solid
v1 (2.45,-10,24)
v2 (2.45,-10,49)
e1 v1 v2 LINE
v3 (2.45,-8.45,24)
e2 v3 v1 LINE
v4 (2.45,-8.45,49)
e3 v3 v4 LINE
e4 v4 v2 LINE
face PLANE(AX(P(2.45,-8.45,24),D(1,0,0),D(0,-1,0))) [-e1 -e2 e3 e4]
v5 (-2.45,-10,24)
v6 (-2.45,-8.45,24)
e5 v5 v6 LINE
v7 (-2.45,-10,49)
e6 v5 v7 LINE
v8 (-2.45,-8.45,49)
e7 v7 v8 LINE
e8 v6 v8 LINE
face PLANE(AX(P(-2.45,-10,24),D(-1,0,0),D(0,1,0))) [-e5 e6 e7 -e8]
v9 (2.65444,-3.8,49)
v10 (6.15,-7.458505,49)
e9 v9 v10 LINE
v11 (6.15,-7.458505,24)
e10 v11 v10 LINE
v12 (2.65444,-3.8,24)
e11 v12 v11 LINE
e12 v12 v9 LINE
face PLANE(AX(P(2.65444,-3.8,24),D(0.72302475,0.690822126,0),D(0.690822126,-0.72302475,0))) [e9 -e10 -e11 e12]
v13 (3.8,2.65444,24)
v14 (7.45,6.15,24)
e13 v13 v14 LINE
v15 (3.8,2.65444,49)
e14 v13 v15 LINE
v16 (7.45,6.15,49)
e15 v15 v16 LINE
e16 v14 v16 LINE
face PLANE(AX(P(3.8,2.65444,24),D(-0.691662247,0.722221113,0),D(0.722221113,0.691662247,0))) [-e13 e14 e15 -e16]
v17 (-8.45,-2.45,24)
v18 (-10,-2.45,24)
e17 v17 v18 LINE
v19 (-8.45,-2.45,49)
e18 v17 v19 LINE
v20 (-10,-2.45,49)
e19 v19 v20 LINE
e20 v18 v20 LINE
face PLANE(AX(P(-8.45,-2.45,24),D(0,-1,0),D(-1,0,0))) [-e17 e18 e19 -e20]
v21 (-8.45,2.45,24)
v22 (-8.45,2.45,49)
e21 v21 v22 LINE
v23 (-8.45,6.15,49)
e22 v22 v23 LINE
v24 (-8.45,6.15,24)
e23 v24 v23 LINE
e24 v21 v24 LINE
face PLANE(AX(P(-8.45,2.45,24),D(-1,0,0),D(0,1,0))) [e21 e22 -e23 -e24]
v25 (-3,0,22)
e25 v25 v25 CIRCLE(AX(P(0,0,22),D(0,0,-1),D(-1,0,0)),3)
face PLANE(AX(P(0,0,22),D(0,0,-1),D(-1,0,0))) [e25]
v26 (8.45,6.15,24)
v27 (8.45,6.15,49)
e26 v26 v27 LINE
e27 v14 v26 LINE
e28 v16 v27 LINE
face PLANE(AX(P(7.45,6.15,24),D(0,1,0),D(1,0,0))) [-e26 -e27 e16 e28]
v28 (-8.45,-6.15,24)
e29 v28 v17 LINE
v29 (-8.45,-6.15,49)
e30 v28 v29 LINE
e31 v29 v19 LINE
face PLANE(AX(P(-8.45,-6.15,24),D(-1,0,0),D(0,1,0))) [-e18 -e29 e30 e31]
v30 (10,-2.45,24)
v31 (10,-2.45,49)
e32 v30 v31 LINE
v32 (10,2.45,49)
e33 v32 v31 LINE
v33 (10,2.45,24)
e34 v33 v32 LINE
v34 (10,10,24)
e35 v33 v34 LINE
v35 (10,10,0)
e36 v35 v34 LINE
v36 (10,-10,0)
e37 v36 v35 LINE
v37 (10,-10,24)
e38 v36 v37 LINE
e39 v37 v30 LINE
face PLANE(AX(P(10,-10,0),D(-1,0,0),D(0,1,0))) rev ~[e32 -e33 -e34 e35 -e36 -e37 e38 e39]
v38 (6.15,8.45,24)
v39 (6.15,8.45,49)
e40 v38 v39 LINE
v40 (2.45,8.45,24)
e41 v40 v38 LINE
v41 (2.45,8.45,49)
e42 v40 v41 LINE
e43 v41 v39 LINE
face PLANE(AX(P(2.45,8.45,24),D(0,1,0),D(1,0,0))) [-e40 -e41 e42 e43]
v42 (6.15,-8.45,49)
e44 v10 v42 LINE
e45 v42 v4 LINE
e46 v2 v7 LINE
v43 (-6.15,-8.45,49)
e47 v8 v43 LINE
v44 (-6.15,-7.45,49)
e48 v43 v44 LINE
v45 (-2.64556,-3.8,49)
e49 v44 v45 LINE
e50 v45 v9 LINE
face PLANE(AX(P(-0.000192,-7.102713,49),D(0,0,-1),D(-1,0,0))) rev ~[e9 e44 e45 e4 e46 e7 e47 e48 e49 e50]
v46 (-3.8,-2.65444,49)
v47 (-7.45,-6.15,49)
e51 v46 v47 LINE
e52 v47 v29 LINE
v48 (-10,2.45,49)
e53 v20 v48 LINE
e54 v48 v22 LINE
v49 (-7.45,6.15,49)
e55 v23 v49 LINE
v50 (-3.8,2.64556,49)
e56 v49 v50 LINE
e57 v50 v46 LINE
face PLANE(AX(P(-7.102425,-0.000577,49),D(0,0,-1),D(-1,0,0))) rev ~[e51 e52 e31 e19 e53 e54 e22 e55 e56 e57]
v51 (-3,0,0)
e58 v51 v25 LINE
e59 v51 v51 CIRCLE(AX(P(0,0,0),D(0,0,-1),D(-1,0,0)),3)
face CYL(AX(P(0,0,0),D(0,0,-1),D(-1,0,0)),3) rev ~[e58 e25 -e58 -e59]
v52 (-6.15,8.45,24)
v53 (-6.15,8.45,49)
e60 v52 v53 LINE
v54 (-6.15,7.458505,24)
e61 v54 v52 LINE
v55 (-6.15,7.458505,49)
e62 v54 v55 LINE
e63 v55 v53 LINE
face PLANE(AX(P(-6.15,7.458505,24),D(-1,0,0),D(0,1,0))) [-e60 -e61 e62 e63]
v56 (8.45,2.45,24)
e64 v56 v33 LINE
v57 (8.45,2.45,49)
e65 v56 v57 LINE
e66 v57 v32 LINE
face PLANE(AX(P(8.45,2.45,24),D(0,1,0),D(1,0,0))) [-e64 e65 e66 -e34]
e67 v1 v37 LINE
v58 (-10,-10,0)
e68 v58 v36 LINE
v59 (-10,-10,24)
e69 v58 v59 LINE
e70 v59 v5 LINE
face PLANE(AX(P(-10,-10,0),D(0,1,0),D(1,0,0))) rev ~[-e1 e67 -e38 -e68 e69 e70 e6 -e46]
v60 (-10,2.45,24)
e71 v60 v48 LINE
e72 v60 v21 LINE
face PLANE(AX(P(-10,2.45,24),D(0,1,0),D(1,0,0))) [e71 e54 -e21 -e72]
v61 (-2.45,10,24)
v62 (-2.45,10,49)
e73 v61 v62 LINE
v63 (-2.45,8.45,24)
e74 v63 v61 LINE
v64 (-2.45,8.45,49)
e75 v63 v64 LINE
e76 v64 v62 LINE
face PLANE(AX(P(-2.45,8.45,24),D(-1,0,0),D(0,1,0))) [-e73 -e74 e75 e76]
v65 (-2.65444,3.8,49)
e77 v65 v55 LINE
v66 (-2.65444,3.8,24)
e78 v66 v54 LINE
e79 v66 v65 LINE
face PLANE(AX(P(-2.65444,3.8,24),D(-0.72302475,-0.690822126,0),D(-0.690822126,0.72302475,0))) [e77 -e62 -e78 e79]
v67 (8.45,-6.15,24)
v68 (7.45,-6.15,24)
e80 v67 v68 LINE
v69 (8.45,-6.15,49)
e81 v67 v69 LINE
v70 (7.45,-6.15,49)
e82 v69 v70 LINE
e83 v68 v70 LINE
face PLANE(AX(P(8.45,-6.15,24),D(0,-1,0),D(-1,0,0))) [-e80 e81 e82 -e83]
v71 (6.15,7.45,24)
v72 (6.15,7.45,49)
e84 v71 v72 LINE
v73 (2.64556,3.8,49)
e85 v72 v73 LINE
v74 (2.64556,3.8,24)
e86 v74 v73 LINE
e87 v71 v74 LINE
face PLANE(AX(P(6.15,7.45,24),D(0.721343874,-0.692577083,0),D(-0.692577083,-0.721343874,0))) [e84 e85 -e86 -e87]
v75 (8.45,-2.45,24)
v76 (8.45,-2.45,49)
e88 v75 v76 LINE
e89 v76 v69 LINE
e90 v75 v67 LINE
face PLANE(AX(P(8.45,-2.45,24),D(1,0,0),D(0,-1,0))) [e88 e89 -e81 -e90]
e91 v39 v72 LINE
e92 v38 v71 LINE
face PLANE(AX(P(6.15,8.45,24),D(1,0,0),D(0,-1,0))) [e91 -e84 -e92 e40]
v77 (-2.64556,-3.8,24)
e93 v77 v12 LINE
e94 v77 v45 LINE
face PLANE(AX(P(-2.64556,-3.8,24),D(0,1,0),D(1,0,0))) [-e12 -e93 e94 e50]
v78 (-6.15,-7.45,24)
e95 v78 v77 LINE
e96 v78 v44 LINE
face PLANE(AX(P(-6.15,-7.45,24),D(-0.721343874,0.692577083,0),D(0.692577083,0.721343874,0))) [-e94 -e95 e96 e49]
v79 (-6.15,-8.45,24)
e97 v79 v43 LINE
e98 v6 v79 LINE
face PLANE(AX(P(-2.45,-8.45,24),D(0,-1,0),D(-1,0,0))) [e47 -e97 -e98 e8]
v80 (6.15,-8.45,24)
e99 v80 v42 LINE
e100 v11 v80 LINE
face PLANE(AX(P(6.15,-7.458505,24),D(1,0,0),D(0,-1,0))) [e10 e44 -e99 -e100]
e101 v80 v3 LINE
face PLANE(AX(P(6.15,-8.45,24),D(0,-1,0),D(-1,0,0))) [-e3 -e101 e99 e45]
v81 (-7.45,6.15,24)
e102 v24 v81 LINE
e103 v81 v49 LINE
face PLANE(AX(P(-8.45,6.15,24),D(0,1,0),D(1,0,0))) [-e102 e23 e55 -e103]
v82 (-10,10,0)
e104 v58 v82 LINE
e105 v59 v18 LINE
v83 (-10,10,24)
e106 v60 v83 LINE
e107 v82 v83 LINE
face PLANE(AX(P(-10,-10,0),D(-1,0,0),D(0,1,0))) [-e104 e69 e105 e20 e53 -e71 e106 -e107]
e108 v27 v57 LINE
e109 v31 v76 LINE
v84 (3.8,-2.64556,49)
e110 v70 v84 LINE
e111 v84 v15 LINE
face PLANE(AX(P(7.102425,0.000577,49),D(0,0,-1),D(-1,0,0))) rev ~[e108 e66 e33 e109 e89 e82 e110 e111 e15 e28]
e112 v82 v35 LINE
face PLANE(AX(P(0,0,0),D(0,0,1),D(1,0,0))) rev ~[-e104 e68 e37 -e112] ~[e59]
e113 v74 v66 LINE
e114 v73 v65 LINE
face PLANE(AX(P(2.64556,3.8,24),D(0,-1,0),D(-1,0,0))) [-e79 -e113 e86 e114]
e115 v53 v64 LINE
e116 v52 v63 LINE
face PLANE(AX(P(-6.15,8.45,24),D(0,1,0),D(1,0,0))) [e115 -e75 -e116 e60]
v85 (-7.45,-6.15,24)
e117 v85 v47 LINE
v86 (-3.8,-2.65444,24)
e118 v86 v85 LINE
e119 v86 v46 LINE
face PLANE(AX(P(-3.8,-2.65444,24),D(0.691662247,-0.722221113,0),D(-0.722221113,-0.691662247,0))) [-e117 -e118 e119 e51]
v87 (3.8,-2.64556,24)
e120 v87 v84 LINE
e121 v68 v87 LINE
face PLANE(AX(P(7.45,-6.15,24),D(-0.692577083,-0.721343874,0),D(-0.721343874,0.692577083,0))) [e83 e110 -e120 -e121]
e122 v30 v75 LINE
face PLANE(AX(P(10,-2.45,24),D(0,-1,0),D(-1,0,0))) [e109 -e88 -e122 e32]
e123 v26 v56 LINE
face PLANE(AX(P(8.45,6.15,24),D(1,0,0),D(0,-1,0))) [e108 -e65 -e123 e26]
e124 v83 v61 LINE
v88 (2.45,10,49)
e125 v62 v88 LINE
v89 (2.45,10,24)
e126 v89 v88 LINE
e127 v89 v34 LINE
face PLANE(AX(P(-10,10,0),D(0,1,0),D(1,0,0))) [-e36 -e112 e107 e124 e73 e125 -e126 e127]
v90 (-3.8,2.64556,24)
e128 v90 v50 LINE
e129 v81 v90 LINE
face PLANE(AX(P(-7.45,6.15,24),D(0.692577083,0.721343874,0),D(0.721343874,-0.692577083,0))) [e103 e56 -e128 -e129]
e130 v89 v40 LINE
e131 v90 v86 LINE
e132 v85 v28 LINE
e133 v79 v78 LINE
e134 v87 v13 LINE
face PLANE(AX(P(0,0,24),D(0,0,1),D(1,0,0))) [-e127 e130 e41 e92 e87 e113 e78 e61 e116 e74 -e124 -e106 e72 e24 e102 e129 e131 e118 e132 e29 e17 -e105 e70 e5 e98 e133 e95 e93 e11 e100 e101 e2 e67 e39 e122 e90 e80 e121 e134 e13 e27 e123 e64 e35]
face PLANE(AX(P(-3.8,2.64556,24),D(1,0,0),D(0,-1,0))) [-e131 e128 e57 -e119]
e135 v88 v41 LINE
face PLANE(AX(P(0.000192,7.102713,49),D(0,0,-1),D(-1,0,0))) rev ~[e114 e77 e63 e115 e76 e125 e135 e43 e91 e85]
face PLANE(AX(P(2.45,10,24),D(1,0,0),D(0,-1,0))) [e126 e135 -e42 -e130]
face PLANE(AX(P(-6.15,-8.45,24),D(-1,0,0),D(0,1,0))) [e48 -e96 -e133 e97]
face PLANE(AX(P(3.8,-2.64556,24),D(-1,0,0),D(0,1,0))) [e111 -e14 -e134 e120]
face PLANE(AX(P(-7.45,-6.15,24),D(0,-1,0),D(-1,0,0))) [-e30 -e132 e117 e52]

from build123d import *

# Parameters (mm, degrees)
ESQUISSE1_W             = 20
ESQUISSE1_H             = 20
BOSS_EXTRU_1_DEPTH      = 24
BOSS_EXTRU_2_DEPTH      = 25
BOSS_EXTRU_3_DEPTH      = 25
BOSS_EXTRU_4_DEPTH      = 25
BOSS_EXTRU_5_DEPTH      = 25
ESQUISSE6_R             = 3
ENL_V_MAT_EXTRU_1_DEPTH = 22


with BuildPart() as part:
    # Esquisse1 → Boss.-Extru.1 (new body)
    with BuildSketch(Plane.XY):
        Rectangle(ESQUISSE1_W, ESQUISSE1_H)
    extrude(amount=BOSS_EXTRU_1_DEPTH)

    # Esquisse2 → Boss.-Extru.2 (add)
    with BuildSketch(Plane.XY.offset(24)):
        Polygon((-2.45, -10), (-2.45, -8.45), (-6.15, -8.45), (-6.15, -7.45), (-2.645559959, -3.8), (2.654440041, -3.8), (6.15, -7.458505237), (6.15, -8.45), (2.45, -8.45), (2.45, -10), align=None)
    extrude(amount=BOSS_EXTRU_2_DEPTH)

    # Esquisse3 → Boss.-Extru.3 (add)
    with BuildSketch(Plane.XY.offset(24)):
        Polygon((10, -2.45), (8.45, -2.45), (8.45, -6.15), (7.45, -6.15), (3.8, -2.645559959), (3.8, 2.654440041), (7.45, 6.15), (8.45, 6.15), (8.45, 2.45), (10, 2.45), align=None)
    extrude(amount=BOSS_EXTRU_3_DEPTH)

    # Esquisse4 → Boss.-Extru.4 (add)
    with BuildSketch(Plane.XY.offset(24)):
        Polygon((2.45, 10), (2.45, 8.45), (6.15, 8.45), (6.15, 7.45), (2.645559959, 3.8), (-2.654440041, 3.8), (-6.15, 7.458505237), (-6.15, 8.45), (-2.45, 8.45), (-2.45, 10), align=None)
    extrude(amount=BOSS_EXTRU_4_DEPTH)

    # Esquisse5 → Boss.-Extru.5 (add)
    with BuildSketch(Plane.XY.offset(24)):
        Polygon((-10, 2.45), (-8.45, 2.45), (-8.45, 6.15), (-7.45, 6.15), (-3.8, 2.645559959), (-3.8, -2.654440041), (-7.45, -6.15), (-8.45, -6.15), (-8.45, -2.45), (-10, -2.45), align=None)
    extrude(amount=BOSS_EXTRU_5_DEPTH)

    # Esquisse6 → Enlèv. mat.-Extru.1 (cut)
    with BuildSketch(Plane(origin=(0, 0, 0), x_dir=(-1, 0, 0), z_dir=(0, 0, -1))):
        Circle(ESQUISSE6_R)
    extrude(amount=-ENL_V_MAT_EXTRU_1_DEPTH, mode=Mode.SUBTRACT)


solid = part.part
